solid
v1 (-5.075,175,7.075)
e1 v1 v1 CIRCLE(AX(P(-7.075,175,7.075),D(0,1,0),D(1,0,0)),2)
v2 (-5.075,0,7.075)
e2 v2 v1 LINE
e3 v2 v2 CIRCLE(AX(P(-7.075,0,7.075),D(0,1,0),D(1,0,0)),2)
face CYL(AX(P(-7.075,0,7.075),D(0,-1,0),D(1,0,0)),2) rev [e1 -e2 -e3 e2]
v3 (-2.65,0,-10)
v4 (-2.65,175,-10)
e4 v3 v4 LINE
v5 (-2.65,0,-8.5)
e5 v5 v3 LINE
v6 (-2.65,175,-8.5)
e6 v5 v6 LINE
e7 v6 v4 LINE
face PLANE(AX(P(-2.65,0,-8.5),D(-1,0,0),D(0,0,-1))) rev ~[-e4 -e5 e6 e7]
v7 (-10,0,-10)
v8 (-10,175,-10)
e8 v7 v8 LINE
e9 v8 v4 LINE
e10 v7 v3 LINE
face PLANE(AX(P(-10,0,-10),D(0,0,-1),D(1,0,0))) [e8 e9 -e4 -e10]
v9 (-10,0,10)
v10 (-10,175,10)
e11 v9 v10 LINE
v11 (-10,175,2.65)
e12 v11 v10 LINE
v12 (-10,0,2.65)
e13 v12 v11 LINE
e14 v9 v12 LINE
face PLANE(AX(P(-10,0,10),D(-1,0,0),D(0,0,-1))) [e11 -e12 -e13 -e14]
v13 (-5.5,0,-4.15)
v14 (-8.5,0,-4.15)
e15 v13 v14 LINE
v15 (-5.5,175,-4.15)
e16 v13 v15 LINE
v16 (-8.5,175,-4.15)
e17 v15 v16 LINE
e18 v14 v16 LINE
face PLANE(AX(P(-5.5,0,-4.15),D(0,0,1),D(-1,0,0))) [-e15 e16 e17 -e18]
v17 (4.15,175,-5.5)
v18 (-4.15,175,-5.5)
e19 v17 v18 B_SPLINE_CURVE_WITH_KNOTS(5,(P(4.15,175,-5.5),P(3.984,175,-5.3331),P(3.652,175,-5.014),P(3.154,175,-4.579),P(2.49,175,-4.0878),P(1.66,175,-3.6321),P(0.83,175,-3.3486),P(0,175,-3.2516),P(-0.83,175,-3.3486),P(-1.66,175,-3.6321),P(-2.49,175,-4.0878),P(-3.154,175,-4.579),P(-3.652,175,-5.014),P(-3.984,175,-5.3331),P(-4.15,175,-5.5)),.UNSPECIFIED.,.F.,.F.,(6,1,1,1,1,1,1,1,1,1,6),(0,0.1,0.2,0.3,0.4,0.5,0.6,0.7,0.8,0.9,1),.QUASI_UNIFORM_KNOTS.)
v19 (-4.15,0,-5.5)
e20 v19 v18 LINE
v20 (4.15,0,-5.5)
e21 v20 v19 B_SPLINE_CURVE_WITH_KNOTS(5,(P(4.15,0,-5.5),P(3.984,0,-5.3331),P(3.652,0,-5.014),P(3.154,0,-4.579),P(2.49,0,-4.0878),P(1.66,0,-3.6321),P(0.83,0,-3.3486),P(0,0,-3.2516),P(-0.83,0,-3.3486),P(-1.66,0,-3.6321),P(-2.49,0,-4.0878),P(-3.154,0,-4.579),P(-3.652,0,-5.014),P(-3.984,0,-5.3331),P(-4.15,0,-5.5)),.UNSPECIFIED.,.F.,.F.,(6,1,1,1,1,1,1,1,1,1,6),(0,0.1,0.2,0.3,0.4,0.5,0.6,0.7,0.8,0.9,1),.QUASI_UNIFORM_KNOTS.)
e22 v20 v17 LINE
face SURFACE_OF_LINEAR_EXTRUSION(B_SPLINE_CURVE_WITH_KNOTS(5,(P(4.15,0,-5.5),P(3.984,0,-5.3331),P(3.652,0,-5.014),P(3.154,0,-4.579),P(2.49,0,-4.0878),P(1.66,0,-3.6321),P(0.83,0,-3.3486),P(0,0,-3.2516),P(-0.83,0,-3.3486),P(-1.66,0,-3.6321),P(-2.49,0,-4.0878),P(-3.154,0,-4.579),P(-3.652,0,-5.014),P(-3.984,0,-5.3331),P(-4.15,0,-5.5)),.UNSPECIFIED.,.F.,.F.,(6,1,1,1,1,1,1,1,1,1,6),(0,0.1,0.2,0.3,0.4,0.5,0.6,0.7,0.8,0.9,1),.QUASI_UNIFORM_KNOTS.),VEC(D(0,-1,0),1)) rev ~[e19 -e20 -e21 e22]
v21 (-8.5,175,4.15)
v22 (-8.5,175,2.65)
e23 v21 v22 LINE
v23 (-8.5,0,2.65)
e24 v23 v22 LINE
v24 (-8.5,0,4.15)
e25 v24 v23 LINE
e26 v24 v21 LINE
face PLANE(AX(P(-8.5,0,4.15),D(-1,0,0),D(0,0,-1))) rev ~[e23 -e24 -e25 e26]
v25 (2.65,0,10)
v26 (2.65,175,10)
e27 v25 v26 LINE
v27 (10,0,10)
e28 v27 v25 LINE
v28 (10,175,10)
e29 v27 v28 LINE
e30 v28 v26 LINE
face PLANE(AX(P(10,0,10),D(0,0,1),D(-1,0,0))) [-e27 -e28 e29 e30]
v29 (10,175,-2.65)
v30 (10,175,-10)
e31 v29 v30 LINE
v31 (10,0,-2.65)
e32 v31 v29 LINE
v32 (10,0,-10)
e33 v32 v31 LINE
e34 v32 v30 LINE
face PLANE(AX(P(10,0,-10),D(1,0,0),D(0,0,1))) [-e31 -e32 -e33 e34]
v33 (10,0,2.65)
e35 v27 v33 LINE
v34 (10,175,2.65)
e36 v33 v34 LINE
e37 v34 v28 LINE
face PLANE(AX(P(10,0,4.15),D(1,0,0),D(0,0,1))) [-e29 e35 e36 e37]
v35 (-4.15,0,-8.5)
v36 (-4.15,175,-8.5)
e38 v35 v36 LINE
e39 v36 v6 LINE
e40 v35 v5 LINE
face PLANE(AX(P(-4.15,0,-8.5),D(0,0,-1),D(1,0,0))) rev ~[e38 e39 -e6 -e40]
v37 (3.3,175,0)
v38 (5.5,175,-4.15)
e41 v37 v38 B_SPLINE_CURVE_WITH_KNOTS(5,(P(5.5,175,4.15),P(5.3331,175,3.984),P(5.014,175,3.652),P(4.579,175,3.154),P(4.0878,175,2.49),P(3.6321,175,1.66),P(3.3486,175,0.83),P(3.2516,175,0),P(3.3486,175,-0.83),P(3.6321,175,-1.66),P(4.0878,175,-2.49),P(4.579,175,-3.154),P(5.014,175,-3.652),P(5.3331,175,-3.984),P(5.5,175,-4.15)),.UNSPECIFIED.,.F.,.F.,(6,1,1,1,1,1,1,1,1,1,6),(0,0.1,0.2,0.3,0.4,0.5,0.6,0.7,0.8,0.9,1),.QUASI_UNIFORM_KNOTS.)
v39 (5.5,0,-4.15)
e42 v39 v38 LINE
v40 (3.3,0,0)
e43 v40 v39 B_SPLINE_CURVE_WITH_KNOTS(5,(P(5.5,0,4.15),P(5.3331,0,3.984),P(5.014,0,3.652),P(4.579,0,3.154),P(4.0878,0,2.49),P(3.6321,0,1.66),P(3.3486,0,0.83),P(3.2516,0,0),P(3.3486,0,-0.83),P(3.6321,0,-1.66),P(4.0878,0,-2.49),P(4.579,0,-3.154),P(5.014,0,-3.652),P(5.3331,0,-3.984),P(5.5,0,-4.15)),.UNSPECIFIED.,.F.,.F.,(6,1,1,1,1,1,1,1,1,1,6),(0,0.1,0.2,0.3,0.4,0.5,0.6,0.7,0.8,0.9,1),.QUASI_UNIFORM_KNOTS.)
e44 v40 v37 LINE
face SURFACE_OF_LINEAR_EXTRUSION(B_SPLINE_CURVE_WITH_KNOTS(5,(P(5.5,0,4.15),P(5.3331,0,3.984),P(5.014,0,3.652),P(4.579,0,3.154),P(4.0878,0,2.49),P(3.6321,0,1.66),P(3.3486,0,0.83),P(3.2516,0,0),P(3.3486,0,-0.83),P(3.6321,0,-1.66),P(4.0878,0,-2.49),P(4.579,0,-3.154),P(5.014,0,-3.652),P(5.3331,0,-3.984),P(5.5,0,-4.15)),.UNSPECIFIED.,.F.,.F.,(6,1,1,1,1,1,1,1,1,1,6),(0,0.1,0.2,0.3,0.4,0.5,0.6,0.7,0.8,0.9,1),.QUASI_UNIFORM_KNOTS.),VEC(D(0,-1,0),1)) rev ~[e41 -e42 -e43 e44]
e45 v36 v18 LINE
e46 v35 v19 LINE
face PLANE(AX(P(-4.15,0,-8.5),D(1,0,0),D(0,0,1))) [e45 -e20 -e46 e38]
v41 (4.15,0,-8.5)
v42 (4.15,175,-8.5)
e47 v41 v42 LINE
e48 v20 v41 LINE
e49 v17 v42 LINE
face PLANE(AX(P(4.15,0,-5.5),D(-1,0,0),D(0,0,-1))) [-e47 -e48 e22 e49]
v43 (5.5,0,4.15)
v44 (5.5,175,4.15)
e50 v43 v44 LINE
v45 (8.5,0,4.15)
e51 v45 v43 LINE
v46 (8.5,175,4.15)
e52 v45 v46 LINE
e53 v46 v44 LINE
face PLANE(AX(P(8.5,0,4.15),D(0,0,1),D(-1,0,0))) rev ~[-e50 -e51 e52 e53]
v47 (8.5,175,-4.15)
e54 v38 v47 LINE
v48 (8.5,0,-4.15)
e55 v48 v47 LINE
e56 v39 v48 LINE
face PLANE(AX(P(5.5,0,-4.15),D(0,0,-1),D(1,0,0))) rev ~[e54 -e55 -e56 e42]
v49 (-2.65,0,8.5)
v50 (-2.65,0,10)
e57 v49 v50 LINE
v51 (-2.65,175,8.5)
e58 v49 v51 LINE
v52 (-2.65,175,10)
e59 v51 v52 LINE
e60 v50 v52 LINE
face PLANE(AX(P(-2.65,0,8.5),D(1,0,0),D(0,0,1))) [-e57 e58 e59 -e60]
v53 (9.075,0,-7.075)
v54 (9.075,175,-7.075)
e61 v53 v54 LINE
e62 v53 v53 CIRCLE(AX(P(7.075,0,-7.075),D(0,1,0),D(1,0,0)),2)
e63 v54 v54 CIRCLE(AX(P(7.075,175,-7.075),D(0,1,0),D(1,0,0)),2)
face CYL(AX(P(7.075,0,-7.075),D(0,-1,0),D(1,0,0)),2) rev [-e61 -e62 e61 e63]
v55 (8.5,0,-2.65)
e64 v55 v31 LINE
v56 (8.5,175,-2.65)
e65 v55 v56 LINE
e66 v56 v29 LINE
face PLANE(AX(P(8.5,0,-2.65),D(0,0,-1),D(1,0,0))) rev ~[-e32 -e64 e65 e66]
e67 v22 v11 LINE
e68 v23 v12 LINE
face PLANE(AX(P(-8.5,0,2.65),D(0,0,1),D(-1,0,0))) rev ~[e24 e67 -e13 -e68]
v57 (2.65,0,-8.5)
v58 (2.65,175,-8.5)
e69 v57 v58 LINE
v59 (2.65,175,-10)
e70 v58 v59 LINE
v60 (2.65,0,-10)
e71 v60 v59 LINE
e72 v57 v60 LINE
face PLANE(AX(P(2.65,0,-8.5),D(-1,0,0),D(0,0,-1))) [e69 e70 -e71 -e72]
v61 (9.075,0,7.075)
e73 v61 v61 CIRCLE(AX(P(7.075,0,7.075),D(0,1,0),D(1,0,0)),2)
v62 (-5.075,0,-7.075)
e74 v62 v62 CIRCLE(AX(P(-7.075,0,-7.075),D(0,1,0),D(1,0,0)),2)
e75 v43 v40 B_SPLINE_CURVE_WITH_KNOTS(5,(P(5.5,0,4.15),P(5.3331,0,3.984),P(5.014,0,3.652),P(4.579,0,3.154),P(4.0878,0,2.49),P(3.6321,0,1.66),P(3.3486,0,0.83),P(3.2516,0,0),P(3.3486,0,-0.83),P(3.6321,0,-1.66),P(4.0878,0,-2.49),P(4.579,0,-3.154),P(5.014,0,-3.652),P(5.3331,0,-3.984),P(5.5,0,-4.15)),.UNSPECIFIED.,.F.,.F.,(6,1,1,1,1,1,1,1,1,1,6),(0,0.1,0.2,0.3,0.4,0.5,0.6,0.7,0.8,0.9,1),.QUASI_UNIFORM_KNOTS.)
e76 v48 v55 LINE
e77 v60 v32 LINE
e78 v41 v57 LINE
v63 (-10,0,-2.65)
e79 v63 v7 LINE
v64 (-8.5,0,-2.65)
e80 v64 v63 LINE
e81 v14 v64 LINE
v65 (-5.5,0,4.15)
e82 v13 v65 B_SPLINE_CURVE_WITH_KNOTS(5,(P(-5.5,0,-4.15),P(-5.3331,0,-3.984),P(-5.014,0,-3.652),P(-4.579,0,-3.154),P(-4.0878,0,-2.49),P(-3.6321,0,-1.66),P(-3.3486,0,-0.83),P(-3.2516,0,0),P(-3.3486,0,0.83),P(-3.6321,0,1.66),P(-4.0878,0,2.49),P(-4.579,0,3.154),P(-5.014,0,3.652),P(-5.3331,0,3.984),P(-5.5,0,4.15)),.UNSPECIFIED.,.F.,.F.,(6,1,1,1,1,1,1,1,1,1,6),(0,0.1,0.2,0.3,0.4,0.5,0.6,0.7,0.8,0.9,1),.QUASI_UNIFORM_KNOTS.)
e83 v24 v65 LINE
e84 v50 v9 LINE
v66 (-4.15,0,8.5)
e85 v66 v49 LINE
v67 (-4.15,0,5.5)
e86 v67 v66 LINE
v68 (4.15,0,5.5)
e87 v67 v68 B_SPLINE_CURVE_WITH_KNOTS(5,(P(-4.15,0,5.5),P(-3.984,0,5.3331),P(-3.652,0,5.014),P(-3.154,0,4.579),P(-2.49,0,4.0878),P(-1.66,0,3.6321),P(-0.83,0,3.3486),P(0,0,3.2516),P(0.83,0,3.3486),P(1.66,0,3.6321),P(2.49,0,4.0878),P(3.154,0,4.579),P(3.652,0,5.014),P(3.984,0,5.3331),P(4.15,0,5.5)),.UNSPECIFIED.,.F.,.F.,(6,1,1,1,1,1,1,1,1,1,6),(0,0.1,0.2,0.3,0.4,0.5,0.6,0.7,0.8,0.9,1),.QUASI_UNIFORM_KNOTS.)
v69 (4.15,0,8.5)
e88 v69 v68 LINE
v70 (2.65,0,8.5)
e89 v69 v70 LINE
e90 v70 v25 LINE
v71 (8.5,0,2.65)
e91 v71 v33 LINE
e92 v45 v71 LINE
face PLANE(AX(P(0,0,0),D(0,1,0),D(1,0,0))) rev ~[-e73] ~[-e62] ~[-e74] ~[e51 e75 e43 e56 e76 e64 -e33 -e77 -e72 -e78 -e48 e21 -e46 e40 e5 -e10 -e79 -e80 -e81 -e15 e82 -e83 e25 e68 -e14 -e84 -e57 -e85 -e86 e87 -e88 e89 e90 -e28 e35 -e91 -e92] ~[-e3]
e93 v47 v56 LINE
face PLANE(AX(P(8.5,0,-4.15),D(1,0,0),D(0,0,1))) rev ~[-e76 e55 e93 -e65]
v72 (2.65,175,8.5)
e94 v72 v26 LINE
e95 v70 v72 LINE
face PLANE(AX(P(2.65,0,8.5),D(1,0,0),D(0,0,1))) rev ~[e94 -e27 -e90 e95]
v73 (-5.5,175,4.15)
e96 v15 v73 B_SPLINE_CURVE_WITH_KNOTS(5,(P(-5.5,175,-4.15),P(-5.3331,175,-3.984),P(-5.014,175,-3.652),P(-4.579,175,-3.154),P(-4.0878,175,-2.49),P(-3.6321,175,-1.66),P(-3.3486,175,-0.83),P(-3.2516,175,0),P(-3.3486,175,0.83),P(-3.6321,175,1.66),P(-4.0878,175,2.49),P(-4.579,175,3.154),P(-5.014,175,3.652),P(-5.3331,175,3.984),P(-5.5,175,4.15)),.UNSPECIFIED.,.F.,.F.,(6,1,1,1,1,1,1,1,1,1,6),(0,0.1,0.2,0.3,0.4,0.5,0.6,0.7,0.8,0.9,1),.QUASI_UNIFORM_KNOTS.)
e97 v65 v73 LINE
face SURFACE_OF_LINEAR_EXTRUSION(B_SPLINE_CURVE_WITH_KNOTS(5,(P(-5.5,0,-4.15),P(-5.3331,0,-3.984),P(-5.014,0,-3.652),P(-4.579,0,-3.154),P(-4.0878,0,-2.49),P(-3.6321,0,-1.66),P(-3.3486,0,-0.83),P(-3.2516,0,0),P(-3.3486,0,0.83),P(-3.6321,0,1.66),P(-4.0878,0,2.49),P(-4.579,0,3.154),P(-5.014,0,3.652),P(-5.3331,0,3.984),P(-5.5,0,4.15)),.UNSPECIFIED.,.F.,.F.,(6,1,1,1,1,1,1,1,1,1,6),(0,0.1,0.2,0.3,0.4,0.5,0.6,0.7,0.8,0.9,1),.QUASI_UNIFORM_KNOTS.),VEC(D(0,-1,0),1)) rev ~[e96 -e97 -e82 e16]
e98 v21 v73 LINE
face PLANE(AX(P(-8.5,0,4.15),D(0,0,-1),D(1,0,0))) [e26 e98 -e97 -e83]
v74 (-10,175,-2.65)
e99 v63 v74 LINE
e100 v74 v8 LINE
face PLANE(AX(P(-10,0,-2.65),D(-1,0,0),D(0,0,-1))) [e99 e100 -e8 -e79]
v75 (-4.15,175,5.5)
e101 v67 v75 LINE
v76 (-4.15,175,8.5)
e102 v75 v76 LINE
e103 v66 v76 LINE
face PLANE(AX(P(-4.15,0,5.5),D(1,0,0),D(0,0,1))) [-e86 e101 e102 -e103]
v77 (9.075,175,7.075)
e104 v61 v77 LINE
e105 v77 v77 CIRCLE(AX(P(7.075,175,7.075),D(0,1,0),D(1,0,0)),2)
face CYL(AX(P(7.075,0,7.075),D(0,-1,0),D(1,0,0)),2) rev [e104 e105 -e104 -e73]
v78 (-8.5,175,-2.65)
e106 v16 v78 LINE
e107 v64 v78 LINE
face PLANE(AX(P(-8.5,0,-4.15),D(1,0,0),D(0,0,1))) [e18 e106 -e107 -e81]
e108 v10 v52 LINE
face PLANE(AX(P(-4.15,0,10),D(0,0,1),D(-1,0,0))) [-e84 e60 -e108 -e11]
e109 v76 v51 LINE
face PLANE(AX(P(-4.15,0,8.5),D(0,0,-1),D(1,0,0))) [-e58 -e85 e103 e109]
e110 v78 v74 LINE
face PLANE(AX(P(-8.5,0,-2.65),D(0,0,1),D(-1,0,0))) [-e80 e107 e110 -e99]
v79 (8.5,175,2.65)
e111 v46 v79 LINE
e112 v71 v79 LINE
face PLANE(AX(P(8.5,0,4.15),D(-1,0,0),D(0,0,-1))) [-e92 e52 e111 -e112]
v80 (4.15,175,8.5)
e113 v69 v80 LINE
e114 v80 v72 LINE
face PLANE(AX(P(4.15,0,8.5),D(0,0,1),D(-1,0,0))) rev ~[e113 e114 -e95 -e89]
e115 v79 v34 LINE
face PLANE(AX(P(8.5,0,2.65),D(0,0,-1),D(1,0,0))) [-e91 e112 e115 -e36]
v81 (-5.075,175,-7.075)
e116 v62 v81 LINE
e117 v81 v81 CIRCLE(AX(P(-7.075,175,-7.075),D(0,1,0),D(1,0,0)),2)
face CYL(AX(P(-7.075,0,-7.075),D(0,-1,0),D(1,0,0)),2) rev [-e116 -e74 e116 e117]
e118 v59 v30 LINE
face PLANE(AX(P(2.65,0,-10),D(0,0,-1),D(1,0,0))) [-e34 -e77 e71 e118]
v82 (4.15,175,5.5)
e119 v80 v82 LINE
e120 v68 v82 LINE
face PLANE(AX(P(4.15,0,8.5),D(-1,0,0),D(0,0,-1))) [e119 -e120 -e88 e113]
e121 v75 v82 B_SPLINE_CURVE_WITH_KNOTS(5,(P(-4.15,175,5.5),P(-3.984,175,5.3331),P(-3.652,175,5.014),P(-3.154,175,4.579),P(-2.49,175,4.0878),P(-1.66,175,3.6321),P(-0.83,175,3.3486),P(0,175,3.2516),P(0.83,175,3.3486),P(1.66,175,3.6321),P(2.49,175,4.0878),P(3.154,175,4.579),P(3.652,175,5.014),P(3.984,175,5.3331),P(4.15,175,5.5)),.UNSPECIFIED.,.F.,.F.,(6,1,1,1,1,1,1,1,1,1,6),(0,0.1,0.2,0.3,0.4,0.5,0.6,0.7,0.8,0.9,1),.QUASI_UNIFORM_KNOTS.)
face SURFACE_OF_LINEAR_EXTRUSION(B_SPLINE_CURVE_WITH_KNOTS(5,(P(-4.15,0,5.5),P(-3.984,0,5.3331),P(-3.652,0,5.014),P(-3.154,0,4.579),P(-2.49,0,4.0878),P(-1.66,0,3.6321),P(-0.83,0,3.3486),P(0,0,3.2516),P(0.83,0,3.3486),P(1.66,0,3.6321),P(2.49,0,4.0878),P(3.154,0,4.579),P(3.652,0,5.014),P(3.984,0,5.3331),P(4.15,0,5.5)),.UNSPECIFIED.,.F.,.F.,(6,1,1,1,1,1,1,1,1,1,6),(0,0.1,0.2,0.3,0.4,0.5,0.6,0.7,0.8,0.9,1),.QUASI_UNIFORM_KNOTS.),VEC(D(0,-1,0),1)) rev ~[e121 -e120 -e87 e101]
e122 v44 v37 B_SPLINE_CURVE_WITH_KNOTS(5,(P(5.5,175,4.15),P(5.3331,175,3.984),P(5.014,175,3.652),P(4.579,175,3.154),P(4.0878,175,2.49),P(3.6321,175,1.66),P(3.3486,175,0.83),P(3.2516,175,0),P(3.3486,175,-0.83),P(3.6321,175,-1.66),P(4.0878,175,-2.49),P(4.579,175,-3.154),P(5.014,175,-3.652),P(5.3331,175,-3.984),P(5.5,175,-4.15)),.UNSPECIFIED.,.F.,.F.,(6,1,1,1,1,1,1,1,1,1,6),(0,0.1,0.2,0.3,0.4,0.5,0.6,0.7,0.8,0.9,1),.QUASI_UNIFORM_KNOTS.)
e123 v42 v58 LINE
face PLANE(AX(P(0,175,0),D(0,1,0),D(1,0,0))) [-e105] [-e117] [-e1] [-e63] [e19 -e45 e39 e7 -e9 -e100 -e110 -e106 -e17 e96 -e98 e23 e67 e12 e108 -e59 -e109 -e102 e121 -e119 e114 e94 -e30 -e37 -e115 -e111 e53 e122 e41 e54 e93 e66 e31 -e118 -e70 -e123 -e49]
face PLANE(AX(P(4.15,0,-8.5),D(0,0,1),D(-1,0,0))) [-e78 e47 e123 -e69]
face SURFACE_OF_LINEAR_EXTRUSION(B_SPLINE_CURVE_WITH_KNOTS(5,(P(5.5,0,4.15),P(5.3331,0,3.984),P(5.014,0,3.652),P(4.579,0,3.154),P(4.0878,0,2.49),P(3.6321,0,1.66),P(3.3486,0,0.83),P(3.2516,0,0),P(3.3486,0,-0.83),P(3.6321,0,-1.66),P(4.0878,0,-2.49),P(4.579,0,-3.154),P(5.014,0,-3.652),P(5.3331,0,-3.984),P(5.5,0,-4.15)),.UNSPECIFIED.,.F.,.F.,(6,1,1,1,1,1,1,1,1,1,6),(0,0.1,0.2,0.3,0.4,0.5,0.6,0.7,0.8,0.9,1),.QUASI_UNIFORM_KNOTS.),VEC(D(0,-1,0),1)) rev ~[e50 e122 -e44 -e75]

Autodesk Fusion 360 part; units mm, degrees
sketch "스케치1" plane through (0, 0, 0) normal (0, 1, 0) x (1, 0, 0)
  line L0 (10, -10) -> (-10, -10)
  line L1 (-10, -10) -> (-10, 10)
  line L2 (-10, 10) -> (10, 10)
  line L3 (10, 10) -> (10, -10)
  line L4 (10, -10) -> (-10, 10) construction
  line L5 (-10, -10) -> (10, 10) construction
  line L6 (10, 0) -> (10, -4.15)
  line L7 (3.3, 0) -> (3.3, 4.15)
  line L8 (3.3, 4.15) -> (10, 4.15)
  line L9 (10, 4.15) -> (10, -4.15)
  line L10 (10, -4.15) -> (3.3, -4.15)
  line L11 (3.3, -4.15) -> (3.3, 4.15)
  line L12 (10, -4.15) -> (8.5, -4.15)
  line L13 (8.5, -4.15) -> (8.5, -2.65)
  line L14 (8.5, -2.65) -> (10, -2.65)
  line L15 (10, -2.65) -> (10, -4.15)
  line L16 (10, 4.15) -> (8.5, 4.15)
  line L17 (8.5, 4.15) -> (8.5, 2.65)
  line L18 (8.5, 2.65) -> (10, 2.65)
  line L19 (10, 2.65) -> (10, 4.15)
  line L20 (8.5, 4.15) -> (5.5, 4.15)
  line L21 (5.5, 4.15) -> (5.5, -4.15)
  line L22 (5.5, -4.15) -> (8.5, -4.15)
  line L23 (8.5, -4.15) -> (8.5, 4.15)
  spline S0 degree 5 poles (5.5, -4.15) (5.3331, -3.984) (5.014, -3.652) (4.579, -3.154) (4.0878, -2.49) (3.6321, -1.66) (3.3486, -0.83) (3.2516, 0) (3.3486, 0.83) (3.6321, 1.66) (4.0878, 2.49) (4.579, 3.154) (5.014, 3.652) (5.3331, 3.984) (5.5, 4.15) knots 0 0 0 0 0 0 0.1 0.2 0.3 0.4 0.5 0.6 0.7 0.8 0.9 1 1 1 1 1 1
  spline S1 degree 5 poles (4.15, 5.5) (3.984, 5.3331) (3.652, 5.014) (3.154, 4.579) (2.49, 4.0878) (1.66, 3.6321) (0.83, 3.3486) (0, 3.2516) (-0.83, 3.3486) (-1.66, 3.6321) (-2.49, 4.0878) (-3.154, 4.579) (-3.652, 5.014) (-3.984, 5.3331) (-4.15, 5.5) knots 0 0 0 0 0 0 0.1 0.2 0.3 0.4 0.5 0.6 0.7 0.8 0.9 1 1 1 1 1 1
  line L24 (4.15, 5.5) -> (4.15, 8.5)
  line L25 (4.15, 8.5) -> (2.65, 8.5)
  line L26 (2.65, 8.5) -> (2.65, 10)
  line L27 (-4.15, 8.5) -> (-4.15, 5.5)
  line L28 (-4.15, 8.5) -> (-2.65, 8.5)
  line L29 (-2.65, 8.5) -> (-2.65, 10)
  spline S2 degree 5 poles (-5.5, 4.15) (-5.3331, 3.984) (-5.014, 3.652) (-4.579, 3.154) (-4.0878, 2.49) (-3.6321, 1.66) (-3.3486, 0.83) (-3.2516, 0) (-3.3486, -0.83) (-3.6321, -1.66) (-4.0878, -2.49) (-4.579, -3.154) (-5.014, -3.652) (-5.3331, -3.984) (-5.5, -4.15) knots 0 0 0 0 0 0 0.1 0.2 0.3 0.4 0.5 0.6 0.7 0.8 0.9 1 1 1 1 1 1
  line L30 (-5.5, 4.15) -> (-8.5, 4.15)
  line L31 (-8.5, 4.15) -> (-8.5, 2.65)
  line L32 (-8.5, 2.65) -> (-10, 2.65)
  line L33 (-8.5, -4.15) -> (-5.5, -4.15)
  line L34 (-8.5, -4.15) -> (-8.5, -2.65)
  line L35 (-8.5, -2.65) -> (-10, -2.65)
  spline S3 degree 5 poles (-4.15, -5.5) (-3.984, -5.3331) (-3.652, -5.014) (-3.154, -4.579) (-2.49, -4.0878) (-1.66, -3.6321) (-0.83, -3.3486) (0, -3.2516) (0.83, -3.3486) (1.66, -3.6321) (2.49, -4.0878) (3.154, -4.579) (3.652, -5.014) (3.984, -5.3331) (4.15, -5.5) knots 0 0 0 0 0 0 0.1 0.2 0.3 0.4 0.5 0.6 0.7 0.8 0.9 1 1 1 1 1 1
  line L36 (-4.15, -5.5) -> (-4.15, -8.5)
  line L37 (-4.15, -8.5) -> (-2.65, -8.5)
  line L38 (-2.65, -8.5) -> (-2.65, -10)
  line L39 (4.15, -8.5) -> (4.15, -5.5)
  line L40 (4.15, -8.5) -> (2.65, -8.5)
  line L41 (2.65, -8.5) -> (2.65, -10)
  line L42 (-10, -10) -> (-4.15, -10)
  line L43 (-4.15, -10) -> (-4.15, -4.15)
  line L44 (-4.15, -4.15) -> (-10, -4.15)
  line L45 (-10, -4.15) -> (-10, -10)
  circle A0 centre (-7.075, -7.075) radius 2
  circle A1 centre (7.075, -7.075) radius 2
  circle A2 centre (7.075, 7.075) radius 2
  circle A3 centre (-7.075, 7.075) radius 2
  point P0 (0, 3.3)
  point P1 (-3.3, 0)
  point P2 (0, -3.3)
  dimension "d1" = 20
  dimension "d2" = 20
  dimension "d3" = 6.7
  dimension "d4" = 4.15
  dimension "d5" = 4.15
  dimension "d6" = 1.5
  dimension "d7" = 1.5
  dimension "d8" = 1.5
  dimension "d9" = 1.5
  dimension "d10" = 3
  dimension "d12" = 360
  dimension "d13" = 5.85
  dimension "d14" = 4
  dimension "d16" = 360
extrude "돌출1" add sketch "스케치1" along normal blind 175 contours L0 L1 L2 L3 L7 L8 L10 L11 L12 L16 L20 L22 S1 L24 L25 L26 L27 L28 L29 S2 L30 L31 L32 S3 L39 L40 L41 L43 L44 | L3 L6 L9 L10 L12 L13 L14 L15 L23 | L0 L37 L38 L43 | L0 L1 L33 L36 L42 L43 L44 L45 | L10 L11 S0 | L3 L8 L9 L16 L17 L18 L19 L23 | L7 L8 L11 S0 | L1 L34 L35 L44
